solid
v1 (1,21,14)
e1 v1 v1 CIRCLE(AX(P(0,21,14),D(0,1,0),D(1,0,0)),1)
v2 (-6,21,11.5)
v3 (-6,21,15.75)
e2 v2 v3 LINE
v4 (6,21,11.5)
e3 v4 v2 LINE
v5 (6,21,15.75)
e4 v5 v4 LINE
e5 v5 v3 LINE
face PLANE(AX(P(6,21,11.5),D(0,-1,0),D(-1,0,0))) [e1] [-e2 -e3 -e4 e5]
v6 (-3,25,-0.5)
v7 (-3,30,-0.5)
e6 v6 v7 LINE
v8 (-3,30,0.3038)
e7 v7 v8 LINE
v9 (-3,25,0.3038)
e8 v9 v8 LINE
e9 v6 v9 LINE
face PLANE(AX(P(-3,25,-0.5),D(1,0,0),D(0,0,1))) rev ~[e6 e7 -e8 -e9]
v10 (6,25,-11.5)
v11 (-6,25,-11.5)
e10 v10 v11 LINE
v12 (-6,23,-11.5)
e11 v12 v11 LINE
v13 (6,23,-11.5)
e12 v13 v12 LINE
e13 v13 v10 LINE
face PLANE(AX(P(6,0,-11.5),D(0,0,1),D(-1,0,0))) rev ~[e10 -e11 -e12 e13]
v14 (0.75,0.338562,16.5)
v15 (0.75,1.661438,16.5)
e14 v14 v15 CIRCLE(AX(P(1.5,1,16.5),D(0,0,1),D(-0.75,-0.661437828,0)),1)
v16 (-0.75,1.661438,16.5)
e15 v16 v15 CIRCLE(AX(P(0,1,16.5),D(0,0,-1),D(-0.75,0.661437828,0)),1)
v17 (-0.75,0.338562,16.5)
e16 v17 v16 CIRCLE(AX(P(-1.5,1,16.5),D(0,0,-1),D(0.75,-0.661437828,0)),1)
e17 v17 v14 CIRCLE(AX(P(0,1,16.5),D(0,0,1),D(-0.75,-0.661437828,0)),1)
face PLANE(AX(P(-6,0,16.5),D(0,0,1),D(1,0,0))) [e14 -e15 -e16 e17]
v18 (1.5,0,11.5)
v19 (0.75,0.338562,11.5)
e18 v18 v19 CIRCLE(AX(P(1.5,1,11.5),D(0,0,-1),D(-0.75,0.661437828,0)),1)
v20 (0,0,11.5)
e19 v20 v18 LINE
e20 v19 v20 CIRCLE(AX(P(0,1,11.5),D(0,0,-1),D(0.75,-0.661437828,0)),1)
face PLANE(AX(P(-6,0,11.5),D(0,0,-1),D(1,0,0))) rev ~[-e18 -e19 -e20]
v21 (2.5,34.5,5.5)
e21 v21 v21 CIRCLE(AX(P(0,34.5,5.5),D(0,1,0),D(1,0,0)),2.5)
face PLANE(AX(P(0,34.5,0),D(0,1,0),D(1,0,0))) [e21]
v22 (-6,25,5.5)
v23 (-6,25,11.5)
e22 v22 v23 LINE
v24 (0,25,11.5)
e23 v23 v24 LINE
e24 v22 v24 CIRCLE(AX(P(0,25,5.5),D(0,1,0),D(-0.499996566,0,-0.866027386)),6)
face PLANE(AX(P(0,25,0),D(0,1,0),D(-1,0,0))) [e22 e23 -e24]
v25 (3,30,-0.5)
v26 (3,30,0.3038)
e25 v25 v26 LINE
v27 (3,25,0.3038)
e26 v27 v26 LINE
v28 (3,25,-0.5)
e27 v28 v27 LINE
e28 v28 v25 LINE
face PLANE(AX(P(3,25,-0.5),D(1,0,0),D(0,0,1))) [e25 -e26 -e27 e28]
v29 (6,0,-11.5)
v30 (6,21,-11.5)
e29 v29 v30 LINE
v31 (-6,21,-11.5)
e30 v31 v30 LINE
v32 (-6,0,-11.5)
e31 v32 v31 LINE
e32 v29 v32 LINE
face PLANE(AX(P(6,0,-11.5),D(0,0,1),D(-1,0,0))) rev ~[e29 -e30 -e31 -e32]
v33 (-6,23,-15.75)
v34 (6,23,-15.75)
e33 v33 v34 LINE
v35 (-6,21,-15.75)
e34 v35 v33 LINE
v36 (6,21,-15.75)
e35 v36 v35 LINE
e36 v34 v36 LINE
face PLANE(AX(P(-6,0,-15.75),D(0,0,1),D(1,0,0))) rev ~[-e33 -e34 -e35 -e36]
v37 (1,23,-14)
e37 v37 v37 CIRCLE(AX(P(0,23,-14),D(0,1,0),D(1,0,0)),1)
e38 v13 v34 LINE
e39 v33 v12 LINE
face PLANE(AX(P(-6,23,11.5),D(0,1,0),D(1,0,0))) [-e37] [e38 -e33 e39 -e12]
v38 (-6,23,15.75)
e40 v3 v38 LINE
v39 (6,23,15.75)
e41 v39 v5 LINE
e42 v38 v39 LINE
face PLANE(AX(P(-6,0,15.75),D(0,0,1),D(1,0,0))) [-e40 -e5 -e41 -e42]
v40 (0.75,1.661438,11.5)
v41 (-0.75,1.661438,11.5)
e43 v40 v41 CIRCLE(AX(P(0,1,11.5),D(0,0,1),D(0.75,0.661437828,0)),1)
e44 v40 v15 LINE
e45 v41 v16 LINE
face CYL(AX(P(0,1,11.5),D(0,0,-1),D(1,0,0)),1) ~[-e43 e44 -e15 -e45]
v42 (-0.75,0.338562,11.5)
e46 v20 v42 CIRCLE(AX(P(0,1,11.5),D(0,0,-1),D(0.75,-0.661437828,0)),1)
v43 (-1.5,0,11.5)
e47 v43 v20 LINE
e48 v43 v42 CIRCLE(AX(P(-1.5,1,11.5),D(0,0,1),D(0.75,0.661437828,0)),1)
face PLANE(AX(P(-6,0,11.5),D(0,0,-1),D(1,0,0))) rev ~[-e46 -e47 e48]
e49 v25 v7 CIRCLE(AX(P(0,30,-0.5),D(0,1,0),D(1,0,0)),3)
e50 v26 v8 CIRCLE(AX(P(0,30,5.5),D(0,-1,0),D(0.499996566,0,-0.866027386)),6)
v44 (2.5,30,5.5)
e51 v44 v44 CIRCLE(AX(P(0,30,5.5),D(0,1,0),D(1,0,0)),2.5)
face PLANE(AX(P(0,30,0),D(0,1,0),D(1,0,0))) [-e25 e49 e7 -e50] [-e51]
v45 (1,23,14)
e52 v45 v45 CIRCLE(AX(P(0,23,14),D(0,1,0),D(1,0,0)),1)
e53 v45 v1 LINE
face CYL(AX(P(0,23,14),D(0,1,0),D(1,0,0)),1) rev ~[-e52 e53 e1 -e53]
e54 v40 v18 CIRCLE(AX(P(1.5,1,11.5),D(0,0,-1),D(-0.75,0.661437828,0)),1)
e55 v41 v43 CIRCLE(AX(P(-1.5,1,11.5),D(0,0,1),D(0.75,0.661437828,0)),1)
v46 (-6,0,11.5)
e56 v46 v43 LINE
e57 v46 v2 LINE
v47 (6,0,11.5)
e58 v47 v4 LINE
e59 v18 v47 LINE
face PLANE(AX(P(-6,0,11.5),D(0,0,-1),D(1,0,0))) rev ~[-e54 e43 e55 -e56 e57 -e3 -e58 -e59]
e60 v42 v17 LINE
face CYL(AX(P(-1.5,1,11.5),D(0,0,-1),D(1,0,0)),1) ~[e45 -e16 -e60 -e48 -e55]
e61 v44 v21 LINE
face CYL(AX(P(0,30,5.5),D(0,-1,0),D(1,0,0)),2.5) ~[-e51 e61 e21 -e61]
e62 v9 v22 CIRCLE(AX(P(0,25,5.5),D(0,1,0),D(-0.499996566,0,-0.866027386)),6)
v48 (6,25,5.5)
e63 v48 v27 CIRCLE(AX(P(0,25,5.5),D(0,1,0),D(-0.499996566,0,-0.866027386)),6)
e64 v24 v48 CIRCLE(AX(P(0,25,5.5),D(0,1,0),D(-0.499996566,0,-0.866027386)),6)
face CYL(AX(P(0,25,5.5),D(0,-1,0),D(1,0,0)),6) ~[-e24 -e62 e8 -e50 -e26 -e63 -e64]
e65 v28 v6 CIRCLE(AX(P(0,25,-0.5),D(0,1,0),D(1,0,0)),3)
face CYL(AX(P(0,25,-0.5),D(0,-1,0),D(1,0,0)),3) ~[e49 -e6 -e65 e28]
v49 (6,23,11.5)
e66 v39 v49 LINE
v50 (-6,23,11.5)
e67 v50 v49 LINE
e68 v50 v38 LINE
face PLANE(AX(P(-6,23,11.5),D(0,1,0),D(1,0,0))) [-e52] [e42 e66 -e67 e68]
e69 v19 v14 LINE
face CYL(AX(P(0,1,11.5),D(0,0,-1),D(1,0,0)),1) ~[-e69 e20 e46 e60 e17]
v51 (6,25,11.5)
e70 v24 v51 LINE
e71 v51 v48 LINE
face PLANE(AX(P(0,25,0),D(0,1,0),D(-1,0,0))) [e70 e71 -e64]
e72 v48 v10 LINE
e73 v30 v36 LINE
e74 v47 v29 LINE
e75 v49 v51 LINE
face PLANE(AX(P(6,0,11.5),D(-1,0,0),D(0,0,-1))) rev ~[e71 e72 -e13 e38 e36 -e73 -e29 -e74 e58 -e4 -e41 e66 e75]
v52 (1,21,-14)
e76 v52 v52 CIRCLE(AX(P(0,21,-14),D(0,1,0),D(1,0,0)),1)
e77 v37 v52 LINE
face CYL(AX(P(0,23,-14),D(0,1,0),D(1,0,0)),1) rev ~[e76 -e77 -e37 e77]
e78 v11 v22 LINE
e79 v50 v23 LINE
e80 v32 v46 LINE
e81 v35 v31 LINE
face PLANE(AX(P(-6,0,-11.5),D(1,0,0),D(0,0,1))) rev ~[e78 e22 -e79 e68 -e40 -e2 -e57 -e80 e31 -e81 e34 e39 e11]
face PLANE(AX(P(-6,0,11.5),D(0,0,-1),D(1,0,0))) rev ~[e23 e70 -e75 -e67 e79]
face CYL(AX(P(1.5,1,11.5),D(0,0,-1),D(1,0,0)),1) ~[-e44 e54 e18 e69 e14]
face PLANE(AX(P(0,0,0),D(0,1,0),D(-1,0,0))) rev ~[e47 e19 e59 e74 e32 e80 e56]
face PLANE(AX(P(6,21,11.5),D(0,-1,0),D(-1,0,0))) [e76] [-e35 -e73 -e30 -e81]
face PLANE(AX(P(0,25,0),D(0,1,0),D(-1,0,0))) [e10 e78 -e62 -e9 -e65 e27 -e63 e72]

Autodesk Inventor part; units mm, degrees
ref_plane "YZ Plane" through (0, 0, 0) normal (1, 0, 0) x (0, 1, 0)
sketch "Sketch1" plane through (0, 0, 0) normal (0, 1, 0) x (-1, 0, 0)
  line L0 (6, 11.5) -> (-6, 11.5)
  line L1 (-6, 11.5) -> (-6, -11.5)
  line L2 (-6, -11.5) -> (6, -11.5)
  line L3 (6, -11.5) -> (6, 11.5)
  point P0 (0, 0)
  point P1 (6, 0)
  point P2 (0, 11.5)
  dimension "d0" = 23
  dimension "d1" = 12
extrude "Extrusion1" add sketch "Sketch1" along normal blind 25
sketch "Sketch2" plane through (-6, 0, 11.5) normal (0, 0, 1) x (1, 0, 0)
  line L0 (0, 23) -> (12, 23)
  line L1 (12, 23) -> (12, 21)
  line L2 (12, 21) -> (0, 21)
  line L3 (0, 21) -> (0, 23)
  line L4 (0, 0) -> (0, 25) projected
  line L5 (12, 0) -> (12, 25) projected
  line L6 (0, 0) -> (12, 0) projected
  point P0 (6, 0)
  dimension "d4" = 2
  dimension "d5" = 21
extrude "Extrusion2" add sketch "Sketch2" along normal blind 4.25 and the other way blind 27.25 contours L0 L1 L2 L3
sketch "Sketch3" plane through (0, 25, 0) normal (0, 1, 0) x (1, 0, 0)
  circle A0 centre (0, -5.5) radius 6
  circle A1 centre (0, 0.5) radius 3
  line L0 (-6, 11.5) -> (-6, -11.5) projected
  line L1 (6, -11.5) -> (6, 11.5) projected
  line L2 (-6, -11.5) -> (6, -11.5) projected
  line L3 (-6, 3.5) -> (6, 3.5) construction
  line L4 (-3, 0.5) -> (-3, -0.3038)
  line L5 (3, 0.5) -> (3, -0.3038)
  point P0 (0, 0)
  point P1 (0, -11.5)
  dimension "d10" = 12
  dimension "d11" = 6
  dimension "d12" = 15
extrude "Extrusion3" add sketch "Sketch3" along normal blind 5 contours A0 A1 | A0 A1 L5 | A1 A0 | A0 A1 | A0 L4 A1
sketch "Sketch4" plane through (0, 30, 0) normal (0, 1, 0) x (1, 0, 0)
  circle A0 centre (0, -5.5) radius 2.5
  arc A1 (-3, -0.3038) -> (3, -0.3038) centre (0, -5.5) ccw projected
  point P0 (0, 0)
  dimension "d15" = 5
extrude "Extrusion4" add sketch "Sketch4" along normal blind 4.5
sketch "Sketch5" plane through (-6, 0, 11.5) normal (0, 0, 1) x (1, 0, 0)
  line L0 (3.5, 2) -> (8.5, 2)
  line L1 (8.5, 2) -> (8.5, 0)
  line L2 (8.5, 0) -> (3.5, 0)
  line L3 (3.5, 0) -> (3.5, 2)
  line L4 (0, 0) -> (12, 0) projected
  circle A0 centre (4.5, 1) radius 1
  circle A1 centre (7.5, 1) radius 1
  circle A2 centre (6, 1) radius 1
  point P0 (6, 0)
  point P1 (6, 0)
  point P2 (6, 0)
  point P3 (6, 0)
  dimension "d18" = 5
  dimension "d19" = 2
extrude "Extrusion5" add sketch "Sketch5" along normal blind 5 contours A0 A2 | A2 A1 A0 | A0 A2 | A1 A2 | A2 A1
ref_plane "Work Plane1" through (0, 3, 0) normal (0, -1, 0) x (1, 0, 0)
ref_plane "Work Plane2" through (0, 17, 0) normal (0, -1, 0) x (1, 0, 0)
split_face "Split1"
split_face "Split2"
sketch "Sketch6" plane through (-6, 23, 11.5) normal (0, 1, 0) x (1, 0, 0)
  circle A0 centre (6, -2.5) radius 1
  line L0 (12, -4.25) -> (0, -4.25) projected
  line L1 (0, 0) -> (12, 0) projected
  point P0 (6, 11.5)
  point P1 (6, -4.25)
  dimension "d24" = 2
  dimension "d25" = 1.5
extrude "Extrusion6" cut sketch "Sketch6" against normal up to surface (2 mm away)
sketch "Sketch7" plane through (-6, 23, -11.5) normal (0, 1, 0) x (1, 0, 0)
  circle A0 centre (6, 2.5) radius 1
  line L0 (0, 4.25) -> (12, 4.25) projected
  line L1 (12, 0) -> (0, 0) projected
  point P0 (6, -11.5)
  point P1 (6, 4.25)
  dimension "d28" = 2
  dimension "d29" = 1.5
extrude "Extrusion7" cut sketch "Sketch7" against normal up to surface (2 mm away)
equation "\"d0\" = servo_A"
equation "\"d1\" = servo_B"
equation "\"d2\" = servo_F + servo_E + servo_J"
equation "\"d4\" = servo_F"
equation "\"d5\" = servo_E"
equation "\"d6\" = -0.5 * servo_A + 0.5 * servo_D"
equation "\"d7\" = d6 + servo_A"
equation "\"d10\" = servo_B"
equation "\"d11\" = servo_N"
equation "\"d12\" = servo_I"
equation "\"d13\" = -servo_F + servo_C - servo_E - servo_J"
equation "\"d15\" = servo_G"
equation "\"d16\" = servo_O - servo_C"
equation "\"d18\" = servo_K"
equation "\"d24\" = servo_H"
equation "\"d25\" = servo_L"
equation "\"d28\" = servo_H"
equation "\"d29\" = servo_L"
equation "\"servo_A\" = 23"
equation "\"servo_B\" = 12"
equation "\"servo_C\" = 30"
equation "\"servo_D\" = 31.5"
equation "\"servo_E\" = 21"
equation "\"servo_F\" = 2"
equation "\"servo_G\" = 5"
equation "\"servo_H\" = 2"
equation "\"servo_I\" = 15"
equation "\"servo_J\" = 2"
equation "\"servo_K\" = 5"
equation "\"servo_L\" = 1.5"
equation "\"servo_M\" = 5"
equation "\"servo_N\" = 6"
equation "\"servo_O\" = 34.5"
equation "\"servo_P\" = 33"
properties part number "TP-MG92B"
